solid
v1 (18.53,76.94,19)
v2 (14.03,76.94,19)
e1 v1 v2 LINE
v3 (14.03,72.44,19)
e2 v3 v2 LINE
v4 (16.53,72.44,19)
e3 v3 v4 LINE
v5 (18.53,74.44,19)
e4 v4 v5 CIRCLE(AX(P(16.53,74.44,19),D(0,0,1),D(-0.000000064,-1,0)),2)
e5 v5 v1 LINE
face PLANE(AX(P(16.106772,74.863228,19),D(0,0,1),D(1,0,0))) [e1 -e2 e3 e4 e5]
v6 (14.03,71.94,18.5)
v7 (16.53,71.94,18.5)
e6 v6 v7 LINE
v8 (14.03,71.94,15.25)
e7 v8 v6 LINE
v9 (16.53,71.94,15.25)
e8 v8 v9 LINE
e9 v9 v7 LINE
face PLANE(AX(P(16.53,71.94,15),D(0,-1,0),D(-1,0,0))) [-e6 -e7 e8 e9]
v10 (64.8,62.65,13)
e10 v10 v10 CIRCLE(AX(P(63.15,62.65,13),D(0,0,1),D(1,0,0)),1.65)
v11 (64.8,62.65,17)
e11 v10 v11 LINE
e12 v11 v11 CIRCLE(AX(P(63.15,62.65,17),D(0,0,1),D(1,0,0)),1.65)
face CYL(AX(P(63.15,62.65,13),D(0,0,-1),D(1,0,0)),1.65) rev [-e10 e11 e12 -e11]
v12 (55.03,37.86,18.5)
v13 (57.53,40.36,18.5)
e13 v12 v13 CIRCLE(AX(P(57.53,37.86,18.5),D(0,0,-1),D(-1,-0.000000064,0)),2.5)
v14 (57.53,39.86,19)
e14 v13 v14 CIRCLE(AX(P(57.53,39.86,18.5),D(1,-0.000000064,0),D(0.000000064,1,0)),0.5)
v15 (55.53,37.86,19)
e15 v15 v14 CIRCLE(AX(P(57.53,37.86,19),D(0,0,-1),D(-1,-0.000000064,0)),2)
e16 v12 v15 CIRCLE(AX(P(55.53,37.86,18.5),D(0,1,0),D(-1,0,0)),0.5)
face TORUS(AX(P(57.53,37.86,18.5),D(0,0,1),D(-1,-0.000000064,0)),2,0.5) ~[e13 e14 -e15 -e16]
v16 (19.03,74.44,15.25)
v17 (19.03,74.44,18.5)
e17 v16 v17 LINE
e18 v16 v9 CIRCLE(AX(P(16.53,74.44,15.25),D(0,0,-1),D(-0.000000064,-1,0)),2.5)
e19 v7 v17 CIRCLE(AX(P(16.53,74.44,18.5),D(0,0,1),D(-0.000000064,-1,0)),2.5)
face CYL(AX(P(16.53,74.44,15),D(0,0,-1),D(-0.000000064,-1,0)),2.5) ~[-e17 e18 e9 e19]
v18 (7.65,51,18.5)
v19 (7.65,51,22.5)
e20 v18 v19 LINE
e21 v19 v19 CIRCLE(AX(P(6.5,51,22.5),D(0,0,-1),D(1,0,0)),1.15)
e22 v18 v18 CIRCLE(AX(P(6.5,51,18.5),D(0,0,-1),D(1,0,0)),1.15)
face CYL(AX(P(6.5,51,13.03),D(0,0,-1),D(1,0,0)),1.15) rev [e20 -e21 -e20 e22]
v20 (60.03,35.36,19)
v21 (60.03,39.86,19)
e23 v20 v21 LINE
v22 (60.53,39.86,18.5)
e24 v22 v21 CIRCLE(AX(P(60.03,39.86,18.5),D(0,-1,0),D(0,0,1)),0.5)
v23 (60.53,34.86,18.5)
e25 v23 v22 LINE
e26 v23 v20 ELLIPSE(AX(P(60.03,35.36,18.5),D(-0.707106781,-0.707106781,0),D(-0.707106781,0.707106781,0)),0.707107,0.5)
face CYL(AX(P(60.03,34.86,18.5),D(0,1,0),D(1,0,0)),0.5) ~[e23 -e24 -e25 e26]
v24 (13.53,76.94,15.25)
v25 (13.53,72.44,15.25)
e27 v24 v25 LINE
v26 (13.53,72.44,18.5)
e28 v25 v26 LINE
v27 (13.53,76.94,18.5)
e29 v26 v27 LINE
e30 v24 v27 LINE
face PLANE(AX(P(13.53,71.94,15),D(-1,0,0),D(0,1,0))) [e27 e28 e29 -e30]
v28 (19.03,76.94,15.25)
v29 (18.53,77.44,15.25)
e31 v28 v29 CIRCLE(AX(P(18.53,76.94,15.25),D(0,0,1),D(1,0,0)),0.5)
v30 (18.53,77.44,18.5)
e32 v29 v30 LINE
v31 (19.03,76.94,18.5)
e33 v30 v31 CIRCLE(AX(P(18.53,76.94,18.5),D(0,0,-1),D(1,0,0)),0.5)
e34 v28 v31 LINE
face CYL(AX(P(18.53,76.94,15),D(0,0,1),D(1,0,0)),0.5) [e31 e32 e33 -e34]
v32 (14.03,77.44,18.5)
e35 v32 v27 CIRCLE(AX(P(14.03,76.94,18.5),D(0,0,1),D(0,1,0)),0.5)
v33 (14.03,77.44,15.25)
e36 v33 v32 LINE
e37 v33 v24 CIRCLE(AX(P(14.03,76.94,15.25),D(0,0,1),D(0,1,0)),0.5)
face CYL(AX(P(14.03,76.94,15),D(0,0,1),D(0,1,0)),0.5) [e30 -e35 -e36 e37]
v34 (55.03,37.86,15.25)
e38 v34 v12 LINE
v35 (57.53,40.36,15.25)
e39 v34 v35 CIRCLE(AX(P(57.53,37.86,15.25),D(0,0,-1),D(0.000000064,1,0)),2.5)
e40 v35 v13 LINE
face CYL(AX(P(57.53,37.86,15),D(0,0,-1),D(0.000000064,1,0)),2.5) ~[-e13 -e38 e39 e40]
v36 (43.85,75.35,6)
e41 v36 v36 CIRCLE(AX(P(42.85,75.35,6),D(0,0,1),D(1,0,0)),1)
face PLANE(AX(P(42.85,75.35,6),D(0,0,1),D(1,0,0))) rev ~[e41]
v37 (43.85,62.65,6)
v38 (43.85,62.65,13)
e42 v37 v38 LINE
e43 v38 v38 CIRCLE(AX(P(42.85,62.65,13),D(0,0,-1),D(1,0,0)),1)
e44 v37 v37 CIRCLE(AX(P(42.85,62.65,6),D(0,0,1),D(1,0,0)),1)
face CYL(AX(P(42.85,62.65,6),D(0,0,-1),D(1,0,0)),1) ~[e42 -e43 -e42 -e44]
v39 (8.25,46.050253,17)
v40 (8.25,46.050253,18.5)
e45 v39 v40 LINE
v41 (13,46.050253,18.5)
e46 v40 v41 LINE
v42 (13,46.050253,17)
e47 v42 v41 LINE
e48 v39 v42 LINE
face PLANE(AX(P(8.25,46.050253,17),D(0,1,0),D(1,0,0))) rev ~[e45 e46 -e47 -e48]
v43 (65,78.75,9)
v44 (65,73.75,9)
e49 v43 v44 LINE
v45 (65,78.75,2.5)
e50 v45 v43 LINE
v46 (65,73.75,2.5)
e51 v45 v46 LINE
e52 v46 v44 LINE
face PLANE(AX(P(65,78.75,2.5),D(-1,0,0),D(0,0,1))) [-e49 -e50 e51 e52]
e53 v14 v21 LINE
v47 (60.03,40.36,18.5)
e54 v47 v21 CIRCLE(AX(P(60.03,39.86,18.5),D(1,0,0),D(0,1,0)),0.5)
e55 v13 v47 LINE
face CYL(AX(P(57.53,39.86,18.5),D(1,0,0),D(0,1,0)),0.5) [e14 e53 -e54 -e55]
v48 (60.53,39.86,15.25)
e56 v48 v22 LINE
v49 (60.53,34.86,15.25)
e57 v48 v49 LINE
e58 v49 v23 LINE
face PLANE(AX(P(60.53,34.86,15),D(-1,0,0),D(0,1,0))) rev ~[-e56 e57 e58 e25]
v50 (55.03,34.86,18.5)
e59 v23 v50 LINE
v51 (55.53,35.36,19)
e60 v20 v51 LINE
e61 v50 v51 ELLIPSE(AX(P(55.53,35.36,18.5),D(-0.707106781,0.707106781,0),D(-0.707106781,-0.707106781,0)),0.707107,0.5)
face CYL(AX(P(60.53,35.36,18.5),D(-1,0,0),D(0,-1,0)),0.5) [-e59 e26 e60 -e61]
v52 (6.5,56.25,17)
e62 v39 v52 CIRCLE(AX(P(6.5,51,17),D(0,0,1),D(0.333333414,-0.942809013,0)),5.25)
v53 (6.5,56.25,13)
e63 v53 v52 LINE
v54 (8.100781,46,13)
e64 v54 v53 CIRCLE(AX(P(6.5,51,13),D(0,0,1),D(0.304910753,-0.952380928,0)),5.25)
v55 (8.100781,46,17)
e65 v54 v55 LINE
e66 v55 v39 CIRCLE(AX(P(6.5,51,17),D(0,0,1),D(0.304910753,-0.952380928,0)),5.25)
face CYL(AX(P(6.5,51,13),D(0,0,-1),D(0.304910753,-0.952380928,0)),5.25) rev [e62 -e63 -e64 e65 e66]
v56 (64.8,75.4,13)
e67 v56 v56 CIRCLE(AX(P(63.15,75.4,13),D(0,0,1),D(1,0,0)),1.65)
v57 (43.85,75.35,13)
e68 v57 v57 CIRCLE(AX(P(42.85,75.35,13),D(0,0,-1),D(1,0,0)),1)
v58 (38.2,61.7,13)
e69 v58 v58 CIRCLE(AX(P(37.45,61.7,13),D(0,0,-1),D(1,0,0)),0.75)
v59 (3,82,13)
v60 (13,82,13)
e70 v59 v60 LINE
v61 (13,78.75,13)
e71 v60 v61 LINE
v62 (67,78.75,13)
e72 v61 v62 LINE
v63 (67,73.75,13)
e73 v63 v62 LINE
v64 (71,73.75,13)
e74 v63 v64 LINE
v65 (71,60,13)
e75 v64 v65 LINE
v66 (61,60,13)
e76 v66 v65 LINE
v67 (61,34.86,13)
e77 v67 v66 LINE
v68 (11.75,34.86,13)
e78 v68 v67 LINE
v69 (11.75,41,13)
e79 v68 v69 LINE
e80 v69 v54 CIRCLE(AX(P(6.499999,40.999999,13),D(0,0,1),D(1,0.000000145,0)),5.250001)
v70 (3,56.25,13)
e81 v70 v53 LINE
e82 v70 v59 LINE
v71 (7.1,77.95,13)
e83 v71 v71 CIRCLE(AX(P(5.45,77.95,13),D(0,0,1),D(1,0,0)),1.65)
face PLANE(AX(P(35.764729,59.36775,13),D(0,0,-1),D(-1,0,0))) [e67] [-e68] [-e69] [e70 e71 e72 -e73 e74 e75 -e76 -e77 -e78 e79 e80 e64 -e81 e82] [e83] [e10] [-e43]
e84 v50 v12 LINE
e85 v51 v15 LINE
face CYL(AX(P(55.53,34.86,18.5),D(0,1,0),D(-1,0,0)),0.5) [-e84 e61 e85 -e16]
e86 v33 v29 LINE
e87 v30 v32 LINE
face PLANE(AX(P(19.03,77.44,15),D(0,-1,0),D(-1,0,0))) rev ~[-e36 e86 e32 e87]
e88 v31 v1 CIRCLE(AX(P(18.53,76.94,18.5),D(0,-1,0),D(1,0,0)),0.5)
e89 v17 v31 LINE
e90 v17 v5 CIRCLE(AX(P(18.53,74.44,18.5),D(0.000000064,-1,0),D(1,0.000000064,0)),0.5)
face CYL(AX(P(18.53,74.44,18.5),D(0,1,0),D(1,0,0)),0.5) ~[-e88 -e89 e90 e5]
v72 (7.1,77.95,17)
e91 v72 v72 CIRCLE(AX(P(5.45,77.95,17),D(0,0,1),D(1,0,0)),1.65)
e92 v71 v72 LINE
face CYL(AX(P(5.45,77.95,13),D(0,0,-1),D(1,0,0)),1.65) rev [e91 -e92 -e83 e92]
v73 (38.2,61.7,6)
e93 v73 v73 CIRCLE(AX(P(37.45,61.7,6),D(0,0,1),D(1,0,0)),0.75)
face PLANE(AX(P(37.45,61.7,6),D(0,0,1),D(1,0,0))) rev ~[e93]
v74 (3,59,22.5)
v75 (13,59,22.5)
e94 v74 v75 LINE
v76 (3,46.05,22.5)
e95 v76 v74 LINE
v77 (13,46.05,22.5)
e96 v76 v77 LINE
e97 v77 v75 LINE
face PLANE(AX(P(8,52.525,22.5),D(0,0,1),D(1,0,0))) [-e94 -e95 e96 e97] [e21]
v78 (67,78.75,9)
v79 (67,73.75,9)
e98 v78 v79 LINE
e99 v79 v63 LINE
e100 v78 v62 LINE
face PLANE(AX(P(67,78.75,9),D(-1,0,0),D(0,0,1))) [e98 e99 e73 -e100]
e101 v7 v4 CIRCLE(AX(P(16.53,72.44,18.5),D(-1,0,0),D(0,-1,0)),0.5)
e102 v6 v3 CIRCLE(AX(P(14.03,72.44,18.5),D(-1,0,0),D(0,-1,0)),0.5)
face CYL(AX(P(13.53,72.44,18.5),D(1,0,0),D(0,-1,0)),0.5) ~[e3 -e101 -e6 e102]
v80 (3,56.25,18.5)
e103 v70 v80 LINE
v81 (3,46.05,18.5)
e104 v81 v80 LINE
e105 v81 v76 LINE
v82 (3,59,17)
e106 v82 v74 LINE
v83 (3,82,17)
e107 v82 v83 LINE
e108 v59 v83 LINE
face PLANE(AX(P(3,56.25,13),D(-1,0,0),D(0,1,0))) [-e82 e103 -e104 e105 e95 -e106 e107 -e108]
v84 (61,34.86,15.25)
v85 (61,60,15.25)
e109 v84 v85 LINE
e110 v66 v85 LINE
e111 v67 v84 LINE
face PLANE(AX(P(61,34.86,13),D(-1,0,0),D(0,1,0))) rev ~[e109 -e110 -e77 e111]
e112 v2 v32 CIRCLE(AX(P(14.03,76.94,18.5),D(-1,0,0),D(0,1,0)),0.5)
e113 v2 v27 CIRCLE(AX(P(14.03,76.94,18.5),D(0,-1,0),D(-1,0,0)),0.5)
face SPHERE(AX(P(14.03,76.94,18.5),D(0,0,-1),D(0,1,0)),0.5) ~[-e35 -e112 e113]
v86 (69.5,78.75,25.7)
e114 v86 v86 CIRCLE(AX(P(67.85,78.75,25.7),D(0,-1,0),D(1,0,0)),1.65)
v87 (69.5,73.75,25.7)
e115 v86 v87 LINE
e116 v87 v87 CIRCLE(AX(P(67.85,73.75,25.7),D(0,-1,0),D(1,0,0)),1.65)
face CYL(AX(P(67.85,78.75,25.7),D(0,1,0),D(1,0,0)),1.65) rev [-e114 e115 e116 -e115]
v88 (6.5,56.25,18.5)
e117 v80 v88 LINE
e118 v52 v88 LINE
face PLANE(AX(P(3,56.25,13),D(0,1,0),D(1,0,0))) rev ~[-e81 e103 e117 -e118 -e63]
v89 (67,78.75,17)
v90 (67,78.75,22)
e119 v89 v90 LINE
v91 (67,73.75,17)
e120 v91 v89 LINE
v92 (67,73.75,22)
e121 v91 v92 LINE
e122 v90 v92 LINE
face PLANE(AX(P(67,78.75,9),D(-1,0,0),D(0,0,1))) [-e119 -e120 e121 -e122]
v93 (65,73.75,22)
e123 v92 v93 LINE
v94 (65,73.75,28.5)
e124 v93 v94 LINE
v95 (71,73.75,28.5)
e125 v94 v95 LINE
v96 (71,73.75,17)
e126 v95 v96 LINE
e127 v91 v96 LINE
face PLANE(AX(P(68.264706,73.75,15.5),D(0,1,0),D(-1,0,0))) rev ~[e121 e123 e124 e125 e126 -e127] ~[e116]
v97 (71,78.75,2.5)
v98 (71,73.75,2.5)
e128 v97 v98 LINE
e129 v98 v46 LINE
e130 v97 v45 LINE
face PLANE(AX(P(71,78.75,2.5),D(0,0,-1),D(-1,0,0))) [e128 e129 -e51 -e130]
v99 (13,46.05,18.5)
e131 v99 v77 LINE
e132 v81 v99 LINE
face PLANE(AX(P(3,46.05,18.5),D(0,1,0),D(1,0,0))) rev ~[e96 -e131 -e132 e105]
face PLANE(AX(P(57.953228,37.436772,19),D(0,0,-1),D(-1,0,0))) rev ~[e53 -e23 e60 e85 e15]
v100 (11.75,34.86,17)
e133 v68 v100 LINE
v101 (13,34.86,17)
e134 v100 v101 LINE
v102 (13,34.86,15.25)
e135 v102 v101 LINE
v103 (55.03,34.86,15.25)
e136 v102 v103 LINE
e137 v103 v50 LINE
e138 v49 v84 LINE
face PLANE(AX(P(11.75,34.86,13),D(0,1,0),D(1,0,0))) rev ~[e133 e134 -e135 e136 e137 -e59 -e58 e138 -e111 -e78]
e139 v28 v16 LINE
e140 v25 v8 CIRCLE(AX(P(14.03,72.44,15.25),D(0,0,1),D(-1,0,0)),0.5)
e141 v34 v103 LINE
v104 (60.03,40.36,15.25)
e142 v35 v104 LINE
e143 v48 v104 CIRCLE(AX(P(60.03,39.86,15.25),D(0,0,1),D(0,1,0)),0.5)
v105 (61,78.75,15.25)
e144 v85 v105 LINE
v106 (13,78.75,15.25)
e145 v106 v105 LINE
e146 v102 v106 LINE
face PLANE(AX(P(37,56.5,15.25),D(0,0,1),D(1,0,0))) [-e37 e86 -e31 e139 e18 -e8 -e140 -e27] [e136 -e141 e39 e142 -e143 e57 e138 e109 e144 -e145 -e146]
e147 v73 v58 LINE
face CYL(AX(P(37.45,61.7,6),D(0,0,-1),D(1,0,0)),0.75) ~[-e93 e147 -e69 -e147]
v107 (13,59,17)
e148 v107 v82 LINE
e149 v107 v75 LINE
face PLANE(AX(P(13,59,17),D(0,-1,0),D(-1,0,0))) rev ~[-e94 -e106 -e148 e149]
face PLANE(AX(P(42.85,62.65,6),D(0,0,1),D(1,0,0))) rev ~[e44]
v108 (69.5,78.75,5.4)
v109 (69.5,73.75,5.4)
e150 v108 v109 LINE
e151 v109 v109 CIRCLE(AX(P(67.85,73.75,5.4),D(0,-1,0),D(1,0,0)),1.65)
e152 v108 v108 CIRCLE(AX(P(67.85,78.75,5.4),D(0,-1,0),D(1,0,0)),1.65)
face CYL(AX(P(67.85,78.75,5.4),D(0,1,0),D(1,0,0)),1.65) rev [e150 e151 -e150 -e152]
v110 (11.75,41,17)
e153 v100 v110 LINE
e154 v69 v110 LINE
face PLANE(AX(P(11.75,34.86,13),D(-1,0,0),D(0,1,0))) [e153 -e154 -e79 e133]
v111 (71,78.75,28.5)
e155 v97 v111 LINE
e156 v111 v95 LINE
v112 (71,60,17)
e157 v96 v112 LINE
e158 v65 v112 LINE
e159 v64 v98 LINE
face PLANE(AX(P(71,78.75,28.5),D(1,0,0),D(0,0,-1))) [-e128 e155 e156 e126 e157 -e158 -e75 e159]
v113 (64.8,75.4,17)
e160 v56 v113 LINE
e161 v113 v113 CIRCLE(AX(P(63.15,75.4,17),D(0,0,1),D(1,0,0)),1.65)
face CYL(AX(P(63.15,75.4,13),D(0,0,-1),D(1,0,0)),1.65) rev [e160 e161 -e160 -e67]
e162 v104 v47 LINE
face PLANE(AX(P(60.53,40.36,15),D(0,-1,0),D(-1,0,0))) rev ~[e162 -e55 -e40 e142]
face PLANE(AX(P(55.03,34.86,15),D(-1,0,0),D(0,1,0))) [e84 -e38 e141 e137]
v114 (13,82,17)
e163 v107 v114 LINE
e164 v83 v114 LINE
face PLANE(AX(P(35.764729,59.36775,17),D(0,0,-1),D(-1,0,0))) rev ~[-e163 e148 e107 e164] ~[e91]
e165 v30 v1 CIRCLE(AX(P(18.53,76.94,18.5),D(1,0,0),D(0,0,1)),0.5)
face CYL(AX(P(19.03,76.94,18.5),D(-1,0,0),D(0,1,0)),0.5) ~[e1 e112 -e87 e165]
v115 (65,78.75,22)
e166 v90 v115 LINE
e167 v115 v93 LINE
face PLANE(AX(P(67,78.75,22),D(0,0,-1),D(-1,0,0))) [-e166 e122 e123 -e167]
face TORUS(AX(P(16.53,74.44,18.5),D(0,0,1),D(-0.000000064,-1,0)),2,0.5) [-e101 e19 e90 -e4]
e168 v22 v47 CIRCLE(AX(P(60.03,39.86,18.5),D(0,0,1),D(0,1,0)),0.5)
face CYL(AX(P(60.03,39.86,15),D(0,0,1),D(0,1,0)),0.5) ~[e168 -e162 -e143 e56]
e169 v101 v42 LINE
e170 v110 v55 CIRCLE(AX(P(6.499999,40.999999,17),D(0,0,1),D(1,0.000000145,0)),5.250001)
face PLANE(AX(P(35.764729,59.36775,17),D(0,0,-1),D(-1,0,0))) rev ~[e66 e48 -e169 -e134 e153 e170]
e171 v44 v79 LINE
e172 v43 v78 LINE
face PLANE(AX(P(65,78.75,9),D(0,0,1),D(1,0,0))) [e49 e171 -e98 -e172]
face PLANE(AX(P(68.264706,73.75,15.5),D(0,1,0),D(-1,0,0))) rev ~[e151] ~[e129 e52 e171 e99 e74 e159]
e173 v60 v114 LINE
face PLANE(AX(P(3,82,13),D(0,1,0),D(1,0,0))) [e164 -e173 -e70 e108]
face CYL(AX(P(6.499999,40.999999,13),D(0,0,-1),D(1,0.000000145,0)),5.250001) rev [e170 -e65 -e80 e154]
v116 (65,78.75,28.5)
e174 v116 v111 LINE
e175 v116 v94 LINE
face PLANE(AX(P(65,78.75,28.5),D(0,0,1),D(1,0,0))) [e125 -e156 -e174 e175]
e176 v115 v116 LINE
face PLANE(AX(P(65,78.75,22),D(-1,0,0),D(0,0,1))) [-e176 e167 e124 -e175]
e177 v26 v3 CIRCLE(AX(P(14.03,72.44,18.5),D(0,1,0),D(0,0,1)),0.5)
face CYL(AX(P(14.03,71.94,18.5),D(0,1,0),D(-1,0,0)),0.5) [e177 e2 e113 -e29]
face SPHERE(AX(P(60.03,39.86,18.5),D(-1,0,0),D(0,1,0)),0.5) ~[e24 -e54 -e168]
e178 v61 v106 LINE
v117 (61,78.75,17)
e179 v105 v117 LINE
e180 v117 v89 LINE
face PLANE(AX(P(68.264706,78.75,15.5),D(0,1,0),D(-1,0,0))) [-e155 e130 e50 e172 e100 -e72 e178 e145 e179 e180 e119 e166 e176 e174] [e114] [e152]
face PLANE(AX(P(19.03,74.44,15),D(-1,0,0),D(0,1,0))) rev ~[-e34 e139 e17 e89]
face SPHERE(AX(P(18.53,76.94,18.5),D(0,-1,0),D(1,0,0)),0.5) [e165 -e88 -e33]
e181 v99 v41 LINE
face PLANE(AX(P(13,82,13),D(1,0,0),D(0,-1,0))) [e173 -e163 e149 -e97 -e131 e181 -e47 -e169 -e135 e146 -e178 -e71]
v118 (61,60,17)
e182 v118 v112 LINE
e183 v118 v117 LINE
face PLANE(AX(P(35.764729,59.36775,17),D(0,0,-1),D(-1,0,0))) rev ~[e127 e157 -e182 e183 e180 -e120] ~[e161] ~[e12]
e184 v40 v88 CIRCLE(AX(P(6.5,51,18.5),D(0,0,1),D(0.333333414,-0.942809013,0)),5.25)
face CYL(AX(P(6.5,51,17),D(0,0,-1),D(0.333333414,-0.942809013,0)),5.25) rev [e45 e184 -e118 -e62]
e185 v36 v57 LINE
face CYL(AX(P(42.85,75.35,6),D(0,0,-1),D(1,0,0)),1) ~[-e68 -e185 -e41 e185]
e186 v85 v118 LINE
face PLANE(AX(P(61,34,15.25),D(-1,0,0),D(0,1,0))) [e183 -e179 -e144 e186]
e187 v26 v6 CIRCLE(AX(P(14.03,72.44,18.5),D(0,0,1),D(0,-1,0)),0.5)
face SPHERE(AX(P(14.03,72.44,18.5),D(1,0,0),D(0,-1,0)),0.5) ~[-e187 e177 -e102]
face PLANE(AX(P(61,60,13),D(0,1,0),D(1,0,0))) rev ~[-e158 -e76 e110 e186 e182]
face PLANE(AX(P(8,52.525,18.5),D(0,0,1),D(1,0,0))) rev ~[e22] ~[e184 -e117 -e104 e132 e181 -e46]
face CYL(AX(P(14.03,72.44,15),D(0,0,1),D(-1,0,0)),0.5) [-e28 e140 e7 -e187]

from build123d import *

# Parameters (mm, degrees)
CYLINDER022_R     = 1.15
CYLINDER022_DEPTH = 10
EXTRUDE025_DEPTH  = 1.5
SKETCH022_R       = 0.75
SKETCH022_R_2     = 1
EXTRUDE022_DEPTH  = 8
BOX005_W          = 48
BOX005_H          = 45
BOX005_DEPTH      = 10
SKETCH020_R       = 1.65
EXTRUDE020_DEPTH  = 4
EXTRUDE001_DEPTH  = 4
FILLET003_R       = 0.5
SKETCH021_R       = 1.65
EXTRUDE021_DEPTH  = 5
BOX006_W          = 10
BOX006_H          = 12.95
BOX006_DEPTH      = 4


with BuildPart() as cylinder022:
    # Cylinder022 → Cylinder022 (new body)
    with BuildSketch(Plane(origin=(6.5, 51, 13.03), x_dir=(1, 0, 0), z_dir=(0, 0, 1))):
        Circle(CYLINDER022_R)
    extrude(amount=CYLINDER022_DEPTH)


with BuildPart() as extrude025:
    # Sketch028 → Extrude025 (new body)
    with BuildSketch(Plane.XY):
        with BuildLine():
            Line((8.25, 46.050253), (13, 46.050253))
            Line((13, 46.050253), (13, 59))
            Line((13, 59), (3, 59))
            Line((3, 59), (3, 56.25))
            Line((3, 56.25), (6.5, 56.25))
            ThreePointArc((8.25, 46.050253), (11.674392, 51.887785), (6.5, 56.25))
        make_face()
    extrude(amount=EXTRUDE025_DEPTH)


with BuildPart() as extrude025_1:
    # Extrude025 placement: moved
    add(extrude025.part.moved(Location((0, 0, 17))))


with BuildPart() as extrude022:
    # Sketch022 → Extrude022 (new body)
    with BuildSketch(Plane.XY):
        with Locations((37.45, 61.7)):
            Circle(SKETCH022_R)
        with Locations((42.85, 62.65)):
            Circle(SKETCH022_R_2)
        with Locations((42.85, 75.35)):
            Circle(SKETCH022_R_2)
    extrude(amount=EXTRUDE022_DEPTH)


with BuildPart() as extrude022_1:
    # Extrude022 placement: moved
    add(extrude022.part.moved(Location((0, 0, 6))))


with BuildPart() as sensorholdipscut:
    # Box005 → Box005 (new body)
    with BuildSketch(Plane(origin=(13, 34, 15.25), x_dir=(1, 0, 0), z_dir=(0, 0, 1))):
        with Locations((24, 22.5)):
            Rectangle(BOX005_W, BOX005_H)
    extrude(amount=BOX005_DEPTH)


with BuildPart() as sensorhold:
    # Sketch020 → Extrude020 (new body)
    with BuildSketch(Plane.XY):
        with BuildLine():
            Line((3, 56.25), (3, 82))
            Line((3, 82), (13, 82))
            Line((13, 82), (13, 78.75))
            Line((13, 78.75), (71, 78.75))
            Line((71, 78.75), (71, 60))
            Line((61, 60), (71, 60))
            Line((61, 34.86), (61, 60))
            Line((11.75, 34.86), (61, 34.86))
            Line((11.75, 34.86), (11.75, 41))
            ThreePointArc((11.75, 41), (10.740672, 44.095028), (8.100781, 46))
            ThreePointArc((8.100781, 46), (11.687123, 51.810093), (6.5, 56.25))
            Line((3, 56.25), (6.5, 56.25))
        make_face()
        with Locations((5.45, 77.95)):
            Circle(SKETCH020_R, mode=Mode.SUBTRACT)
        with Locations((63.15, 62.65)):
            Circle(SKETCH020_R, mode=Mode.SUBTRACT)
        with Locations((63.15, 75.4)):
            Circle(SKETCH020_R, mode=Mode.SUBTRACT)
    extrude(amount=EXTRUDE020_DEPTH)


with BuildPart() as sensorhold_1:
    # Extrude020 placement: moved
    add(sensorhold.part.moved(Location((0, 0, 13))))

    # Cut007: cut sensorHoldIPSCut
    add(sensorholdipscut.part, mode=Mode.SUBTRACT)


with BuildPart() as ipsholdbottomindone:
    # Sketch001 → Extrude001 (new body)
    with BuildSketch(Plane.XY):
        with BuildLine():
            Line((19.03, 74.44), (19.03, 77.44))
            Line((19.03, 77.44), (13.53, 77.44))
            Line((13.53, 71.94), (13.53, 77.44))
            Line((16.53, 71.94), (13.53, 71.94))
            ThreePointArc((16.53, 71.94), (18.297767, 72.672233), (19.03, 74.44))
        make_face()
        with BuildLine():
            Line((60.53, 34.86), (55.03, 34.86))
            Line((55.03, 34.86), (55.03, 37.86))
            ThreePointArc((57.53, 40.36), (55.762233, 39.627767), (55.03, 37.86))
            Line((60.53, 40.36), (57.53, 40.36))
            Line((60.53, 34.86), (60.53, 40.36))
        make_face()
    extrude(amount=EXTRUDE001_DEPTH)


with BuildPart() as ipsholdbottomindone_1:
    # Extrude001 placement: moved
    add(ipsholdbottomindone.part.moved(Location((0, 0, 2))))

    # Fillet003
    fillet003_edges = [ipsholdbottomindone_1.edges().sort_by_distance(p)[0] for p in [
        (57.78, 34.86, 6),
        (55.03, 36.36, 6),
        (55.762233, 39.627767, 6),
        (60.53, 40.36, 4),
        (59.03, 40.36, 6),
        (60.53, 37.61, 6),
        (18.297767, 72.672233, 6),
        (19.03, 77.44, 4),
        (19.03, 75.94, 6),
        (13.53, 77.44, 4),
        (16.28, 77.44, 6),
        (13.53, 71.94, 4),
        (13.53, 74.69, 6),
        (15.03, 71.94, 6),
    ]]
    fillet(fillet003_edges, radius=FILLET003_R)


with BuildPart() as ipsholdbottomindone_2:
    # Fillet003 placement: moved
    add(ipsholdbottomindone_1.part.moved(Location((0, 0, 13))))


with BuildPart() as gpshold:
    # Sketch021 → Extrude021 (new body)
    with BuildSketch(Plane.XZ):
        Polygon((65, 28.5), (71, 28.5), (71, 2.5), (65, 2.5), (65, 9), (67, 9), (67, 22), (65, 22), align=None)
        with Locations((67.85, 25.7)):
            Circle(SKETCH021_R, mode=Mode.SUBTRACT)
        with Locations((67.85, 5.4)):
            Circle(SKETCH021_R, mode=Mode.SUBTRACT)
    extrude(amount=EXTRUDE021_DEPTH)


with BuildPart() as gpshold_1:
    # Extrude021 placement: moved
    add(gpshold.part.moved(Location((0, 78.75, 0))))


with BuildPart() as sensorhold003:
    # Box006 → Box006 (new body)
    with BuildSketch(Plane(origin=(3, 46.05, 18.5), x_dir=(1, 0, 0), z_dir=(0, 0, 1))):
        with Locations((5, 6.475)):
            Rectangle(BOX006_W, BOX006_H)
    extrude(amount=BOX006_DEPTH)

    # Fusion025: union Extrude025, Extrude022, SensorHold, ipsHoldBottomInDone, gpsHold
    add(extrude025_1.part)
    add(extrude022_1.part)
    add(sensorhold_1.part)
    add(ipsholdbottomindone_2.part)
    add(gpshold_1.part)

    # Cut008: cut Cylinder022
    add(cylinder022.part, mode=Mode.SUBTRACT)


solid = sensorhold003.part
